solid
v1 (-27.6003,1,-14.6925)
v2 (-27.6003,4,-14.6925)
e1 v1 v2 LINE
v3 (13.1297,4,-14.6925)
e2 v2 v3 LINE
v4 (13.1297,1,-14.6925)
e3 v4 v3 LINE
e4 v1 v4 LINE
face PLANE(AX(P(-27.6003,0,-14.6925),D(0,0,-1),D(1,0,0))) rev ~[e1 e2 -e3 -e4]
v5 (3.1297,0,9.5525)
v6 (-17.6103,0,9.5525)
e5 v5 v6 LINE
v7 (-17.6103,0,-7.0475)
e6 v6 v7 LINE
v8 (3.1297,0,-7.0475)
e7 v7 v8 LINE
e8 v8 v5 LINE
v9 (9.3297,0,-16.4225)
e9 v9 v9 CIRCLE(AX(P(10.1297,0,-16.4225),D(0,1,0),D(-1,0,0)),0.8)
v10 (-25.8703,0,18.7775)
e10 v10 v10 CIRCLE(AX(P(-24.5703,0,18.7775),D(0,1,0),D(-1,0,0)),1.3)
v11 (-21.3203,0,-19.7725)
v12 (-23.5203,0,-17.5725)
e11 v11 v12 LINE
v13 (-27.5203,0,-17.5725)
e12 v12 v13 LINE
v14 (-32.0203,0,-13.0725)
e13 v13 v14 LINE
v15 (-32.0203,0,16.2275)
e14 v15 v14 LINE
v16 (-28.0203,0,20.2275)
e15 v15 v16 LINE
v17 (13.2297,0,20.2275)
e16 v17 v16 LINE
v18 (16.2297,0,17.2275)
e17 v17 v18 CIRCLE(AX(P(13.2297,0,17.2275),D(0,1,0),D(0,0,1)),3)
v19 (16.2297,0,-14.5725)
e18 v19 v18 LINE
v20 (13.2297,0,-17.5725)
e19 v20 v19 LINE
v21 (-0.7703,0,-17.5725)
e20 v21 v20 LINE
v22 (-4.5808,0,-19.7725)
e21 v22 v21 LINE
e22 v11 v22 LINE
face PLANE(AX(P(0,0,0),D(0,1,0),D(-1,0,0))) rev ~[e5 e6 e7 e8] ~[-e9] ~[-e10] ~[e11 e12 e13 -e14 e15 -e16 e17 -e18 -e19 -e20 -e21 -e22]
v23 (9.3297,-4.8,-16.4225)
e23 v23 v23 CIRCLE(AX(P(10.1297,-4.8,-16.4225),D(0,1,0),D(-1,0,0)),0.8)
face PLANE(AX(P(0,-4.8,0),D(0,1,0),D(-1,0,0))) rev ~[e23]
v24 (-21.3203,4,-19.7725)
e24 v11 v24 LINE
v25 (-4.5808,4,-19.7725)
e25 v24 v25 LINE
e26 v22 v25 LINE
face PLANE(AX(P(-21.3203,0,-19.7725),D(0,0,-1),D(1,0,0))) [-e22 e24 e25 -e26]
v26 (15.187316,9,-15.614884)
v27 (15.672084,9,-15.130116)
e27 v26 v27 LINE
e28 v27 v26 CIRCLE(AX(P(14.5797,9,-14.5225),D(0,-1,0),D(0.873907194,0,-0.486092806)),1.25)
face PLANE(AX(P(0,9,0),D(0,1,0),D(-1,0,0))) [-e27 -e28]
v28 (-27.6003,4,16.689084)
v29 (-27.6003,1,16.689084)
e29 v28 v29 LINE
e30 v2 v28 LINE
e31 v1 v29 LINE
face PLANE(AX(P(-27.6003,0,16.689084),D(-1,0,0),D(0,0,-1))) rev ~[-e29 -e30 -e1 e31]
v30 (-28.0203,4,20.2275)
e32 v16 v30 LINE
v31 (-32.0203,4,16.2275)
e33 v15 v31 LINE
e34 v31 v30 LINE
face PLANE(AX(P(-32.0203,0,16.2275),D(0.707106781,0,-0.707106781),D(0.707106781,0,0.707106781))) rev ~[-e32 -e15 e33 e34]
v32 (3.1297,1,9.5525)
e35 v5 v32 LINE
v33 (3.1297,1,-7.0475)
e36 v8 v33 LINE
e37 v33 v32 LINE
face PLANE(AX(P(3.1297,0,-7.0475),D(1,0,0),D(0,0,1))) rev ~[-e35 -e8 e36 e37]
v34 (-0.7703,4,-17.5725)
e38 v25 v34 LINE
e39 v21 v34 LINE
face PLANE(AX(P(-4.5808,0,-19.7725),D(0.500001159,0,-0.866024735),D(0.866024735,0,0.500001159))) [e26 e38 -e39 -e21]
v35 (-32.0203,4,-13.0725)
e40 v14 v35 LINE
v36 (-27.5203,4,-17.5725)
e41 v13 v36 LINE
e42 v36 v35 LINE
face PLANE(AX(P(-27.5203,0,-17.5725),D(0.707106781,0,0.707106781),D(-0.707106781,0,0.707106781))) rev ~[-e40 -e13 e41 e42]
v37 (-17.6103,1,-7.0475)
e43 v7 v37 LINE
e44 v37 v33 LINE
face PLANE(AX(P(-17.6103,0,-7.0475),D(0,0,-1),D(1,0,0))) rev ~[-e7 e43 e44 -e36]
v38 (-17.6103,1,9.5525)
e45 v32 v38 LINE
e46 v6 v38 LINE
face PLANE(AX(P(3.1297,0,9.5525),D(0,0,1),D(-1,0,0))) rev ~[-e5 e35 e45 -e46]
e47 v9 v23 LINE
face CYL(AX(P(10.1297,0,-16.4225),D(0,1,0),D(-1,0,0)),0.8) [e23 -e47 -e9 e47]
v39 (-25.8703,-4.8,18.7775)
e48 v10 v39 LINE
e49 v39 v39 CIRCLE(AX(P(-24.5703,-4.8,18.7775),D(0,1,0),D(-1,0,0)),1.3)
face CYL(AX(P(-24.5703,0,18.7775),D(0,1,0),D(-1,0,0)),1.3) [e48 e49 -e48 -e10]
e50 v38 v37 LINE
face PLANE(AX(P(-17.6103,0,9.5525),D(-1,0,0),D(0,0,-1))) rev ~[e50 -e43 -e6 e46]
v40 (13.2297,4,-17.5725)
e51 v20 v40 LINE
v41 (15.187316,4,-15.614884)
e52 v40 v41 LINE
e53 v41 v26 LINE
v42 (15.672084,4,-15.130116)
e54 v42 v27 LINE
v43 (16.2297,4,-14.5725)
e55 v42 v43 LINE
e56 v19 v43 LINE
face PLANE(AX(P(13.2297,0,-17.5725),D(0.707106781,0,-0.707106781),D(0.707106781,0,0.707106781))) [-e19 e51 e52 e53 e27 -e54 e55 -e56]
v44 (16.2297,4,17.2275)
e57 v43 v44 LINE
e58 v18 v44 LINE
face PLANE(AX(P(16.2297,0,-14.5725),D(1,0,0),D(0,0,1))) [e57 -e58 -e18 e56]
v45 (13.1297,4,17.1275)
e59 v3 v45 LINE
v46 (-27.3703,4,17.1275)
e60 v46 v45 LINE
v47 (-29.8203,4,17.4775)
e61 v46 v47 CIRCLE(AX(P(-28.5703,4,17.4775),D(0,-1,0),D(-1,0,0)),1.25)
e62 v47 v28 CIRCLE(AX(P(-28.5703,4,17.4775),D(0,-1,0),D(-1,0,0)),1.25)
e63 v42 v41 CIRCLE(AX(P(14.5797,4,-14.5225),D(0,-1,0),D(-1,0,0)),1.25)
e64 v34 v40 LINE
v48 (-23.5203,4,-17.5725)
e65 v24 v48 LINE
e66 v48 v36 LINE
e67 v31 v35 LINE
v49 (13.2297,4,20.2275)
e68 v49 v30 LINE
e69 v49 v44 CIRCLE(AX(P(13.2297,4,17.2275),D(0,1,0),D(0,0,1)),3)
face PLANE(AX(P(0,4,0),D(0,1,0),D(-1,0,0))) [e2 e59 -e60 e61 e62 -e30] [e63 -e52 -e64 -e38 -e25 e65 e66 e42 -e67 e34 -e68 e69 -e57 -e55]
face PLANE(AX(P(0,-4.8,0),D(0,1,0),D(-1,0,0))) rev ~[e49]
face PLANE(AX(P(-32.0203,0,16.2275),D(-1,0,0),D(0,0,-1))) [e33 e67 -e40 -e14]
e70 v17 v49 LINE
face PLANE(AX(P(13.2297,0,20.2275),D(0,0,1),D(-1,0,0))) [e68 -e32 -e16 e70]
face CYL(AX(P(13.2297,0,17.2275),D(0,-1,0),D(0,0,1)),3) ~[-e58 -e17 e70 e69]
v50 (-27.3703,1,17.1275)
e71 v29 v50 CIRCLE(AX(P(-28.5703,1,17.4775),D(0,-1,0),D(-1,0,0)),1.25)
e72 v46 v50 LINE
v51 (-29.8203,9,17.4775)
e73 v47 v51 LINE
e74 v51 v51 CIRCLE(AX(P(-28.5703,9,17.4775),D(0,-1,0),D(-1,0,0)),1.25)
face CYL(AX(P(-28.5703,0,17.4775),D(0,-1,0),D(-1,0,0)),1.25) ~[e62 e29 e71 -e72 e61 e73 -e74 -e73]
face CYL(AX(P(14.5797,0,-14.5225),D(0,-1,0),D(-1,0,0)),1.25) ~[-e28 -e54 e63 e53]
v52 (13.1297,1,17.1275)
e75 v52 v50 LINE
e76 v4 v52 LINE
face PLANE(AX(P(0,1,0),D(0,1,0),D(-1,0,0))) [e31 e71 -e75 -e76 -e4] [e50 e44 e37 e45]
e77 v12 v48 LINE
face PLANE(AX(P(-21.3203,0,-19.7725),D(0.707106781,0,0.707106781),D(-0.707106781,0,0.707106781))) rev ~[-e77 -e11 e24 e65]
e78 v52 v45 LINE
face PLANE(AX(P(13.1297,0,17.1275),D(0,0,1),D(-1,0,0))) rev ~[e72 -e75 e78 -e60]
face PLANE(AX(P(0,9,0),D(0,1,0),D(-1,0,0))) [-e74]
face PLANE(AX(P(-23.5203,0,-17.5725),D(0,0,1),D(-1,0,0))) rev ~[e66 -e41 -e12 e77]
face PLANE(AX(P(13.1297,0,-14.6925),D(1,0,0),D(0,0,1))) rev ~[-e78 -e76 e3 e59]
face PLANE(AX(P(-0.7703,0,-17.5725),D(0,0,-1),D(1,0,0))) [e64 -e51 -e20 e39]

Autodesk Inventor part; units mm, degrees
ref_plane "YZ Plane" through (0, 0, 0) normal (1, 0, 0) x (0, 1, 0)
ref_plane "XZ Plane" through (0, 0, 0) normal (0, 1, 0) x (-1, 0, 0)
ref_plane "XY Plane" through (0, 0, 0) normal (0, 0, 1) x (1, 0, 0)
sketch "Szkic1" plane through (0, 0, 0) normal (0, 1, 0) x (-1, 0, 0)
  line L0 (-3.1297, -7.0475) -> (-3.1297, 9.5525)
  line L1 (17.6103, -7.0475) -> (-3.1297, -7.0475)
  line L2 (17.6103, 9.5525) -> (17.6103, -7.0475)
  line L3 (-3.1297, 9.5525) -> (17.6103, 9.5525)
  circle A0 centre (24.5703, 18.7775) radius 1.3
  circle A1 centre (-10.1297, -16.4225) radius 0.8
  line L4 (21.3203, -19.7725) -> (4.5808, -19.7725)
  line L5 (-16.2297, -14.5725) -> (-16.2297, 17.2275)
  line L6 (-13.2297, 20.2275) -> (28.0203, 20.2275)
  line L7 (32.0203, 16.2275) -> (32.0203, -13.0725)
  circle A2 centre (24.5703, 18.7775) radius 1.25
  line L8 (32.0203, 16.2275) -> (28.0203, 20.2275)
  arc A3 (-13.2297, 20.2275) -> (-16.2297, 17.2275) centre (-13.2297, 17.2275) ccw
  line L9 (4.5808, -19.7725) -> (0.7703, -17.5725)
  line L10 (0.7703, -17.5725) -> (-13.2297, -17.5725)
  line L11 (-13.2297, -17.5725) -> (-16.2297, -14.5725)
  line L12 (21.3203, -19.7725) -> (23.5203, -17.5725)
  line L13 (23.5203, -17.5725) -> (27.5203, -17.5725)
  line L14 (27.5203, -17.5725) -> (32.0203, -13.0725)
  line L15 (-13.1297, 17.1275) -> (27.6003, 17.1275)
  line L16 (27.6003, 17.1275) -> (27.6003, -14.6925)
  line L17 (27.6003, -14.6925) -> (-13.1297, -14.6925)
  line L18 (-13.1297, -14.6925) -> (-13.1297, 17.1275)
  circle A4 centre (28.5703, 17.4775) radius 1.25
  circle A5 centre (-14.5797, -14.5225) radius 1.25
  point P0 (0, 0)
  point P1 (-27.8297, -19.2225)
  point P2 (-15.1874, -15.6149)
  point P3 (-15.6721, -15.1301)
  point P4 (27.6003, 16.6891)
  point P5 (27.3703, 17.1275)
  dimension "d0" = 48.25
  dimension "d1" = 2.5
  dimension "d2" = 1.45
  dimension "d3" = 4
  dimension "d4" = 4
  dimension "d5" = 3
  dimension "d6" = 40
  dimension "d7" = 30
  dimension "d8" = 3
  dimension "d9" = 3
  dimension "d10" = 4.5
  dimension "d11" = 4.5
  dimension "d12" = 17
  dimension "d13" = 2.2
  dimension "d14" = 45
  dimension "d15" = 10.7
  dimension "d16" = 3.1
  dimension "d17" = 3.1
  dimension "d18" = 40.73
  dimension "d19" = 31.82
  dimension "d20" = 11.6
  dimension "d27" = 2.75
  dimension "d28" = 3.45
  dimension "d29" = 1.65
  dimension "d30" = 3.05
  dimension "d31" = 2.5
  dimension "d32" = 2.5
extrude "Wyciągnięcie proste1" add sketch "Szkic1" along normal blind 4 contours A0 | A1 | L4 L9 L10 L11 A5 L5 A3 L6 L8 L7 L14 L13 L12 | L11 A5 | A2 | A4 L16 L15 picked at (-14.8001, -14.1216) picked at (29.019, 17.6576)
extrude "Wyciągnięcie proste2" add sketch "Szkic1" along normal blind 1 contours L15 A4 L16 L17 L18 | L15 L16 A4 picked at (27.5683, 16.8804)
extrude "Wyciągnięcie proste3" add sketch "Szkic1" against normal blind 4.8 contours A0 | A1 | A2
extrude "Wyciągnięcie proste4" add sketch "Szkic1" along normal blind 9 contours L11 A5 | A4 L16 L15 | L15 L16 A4 picked at (-14.8001, -14.1216)
properties part number "podstawka"
